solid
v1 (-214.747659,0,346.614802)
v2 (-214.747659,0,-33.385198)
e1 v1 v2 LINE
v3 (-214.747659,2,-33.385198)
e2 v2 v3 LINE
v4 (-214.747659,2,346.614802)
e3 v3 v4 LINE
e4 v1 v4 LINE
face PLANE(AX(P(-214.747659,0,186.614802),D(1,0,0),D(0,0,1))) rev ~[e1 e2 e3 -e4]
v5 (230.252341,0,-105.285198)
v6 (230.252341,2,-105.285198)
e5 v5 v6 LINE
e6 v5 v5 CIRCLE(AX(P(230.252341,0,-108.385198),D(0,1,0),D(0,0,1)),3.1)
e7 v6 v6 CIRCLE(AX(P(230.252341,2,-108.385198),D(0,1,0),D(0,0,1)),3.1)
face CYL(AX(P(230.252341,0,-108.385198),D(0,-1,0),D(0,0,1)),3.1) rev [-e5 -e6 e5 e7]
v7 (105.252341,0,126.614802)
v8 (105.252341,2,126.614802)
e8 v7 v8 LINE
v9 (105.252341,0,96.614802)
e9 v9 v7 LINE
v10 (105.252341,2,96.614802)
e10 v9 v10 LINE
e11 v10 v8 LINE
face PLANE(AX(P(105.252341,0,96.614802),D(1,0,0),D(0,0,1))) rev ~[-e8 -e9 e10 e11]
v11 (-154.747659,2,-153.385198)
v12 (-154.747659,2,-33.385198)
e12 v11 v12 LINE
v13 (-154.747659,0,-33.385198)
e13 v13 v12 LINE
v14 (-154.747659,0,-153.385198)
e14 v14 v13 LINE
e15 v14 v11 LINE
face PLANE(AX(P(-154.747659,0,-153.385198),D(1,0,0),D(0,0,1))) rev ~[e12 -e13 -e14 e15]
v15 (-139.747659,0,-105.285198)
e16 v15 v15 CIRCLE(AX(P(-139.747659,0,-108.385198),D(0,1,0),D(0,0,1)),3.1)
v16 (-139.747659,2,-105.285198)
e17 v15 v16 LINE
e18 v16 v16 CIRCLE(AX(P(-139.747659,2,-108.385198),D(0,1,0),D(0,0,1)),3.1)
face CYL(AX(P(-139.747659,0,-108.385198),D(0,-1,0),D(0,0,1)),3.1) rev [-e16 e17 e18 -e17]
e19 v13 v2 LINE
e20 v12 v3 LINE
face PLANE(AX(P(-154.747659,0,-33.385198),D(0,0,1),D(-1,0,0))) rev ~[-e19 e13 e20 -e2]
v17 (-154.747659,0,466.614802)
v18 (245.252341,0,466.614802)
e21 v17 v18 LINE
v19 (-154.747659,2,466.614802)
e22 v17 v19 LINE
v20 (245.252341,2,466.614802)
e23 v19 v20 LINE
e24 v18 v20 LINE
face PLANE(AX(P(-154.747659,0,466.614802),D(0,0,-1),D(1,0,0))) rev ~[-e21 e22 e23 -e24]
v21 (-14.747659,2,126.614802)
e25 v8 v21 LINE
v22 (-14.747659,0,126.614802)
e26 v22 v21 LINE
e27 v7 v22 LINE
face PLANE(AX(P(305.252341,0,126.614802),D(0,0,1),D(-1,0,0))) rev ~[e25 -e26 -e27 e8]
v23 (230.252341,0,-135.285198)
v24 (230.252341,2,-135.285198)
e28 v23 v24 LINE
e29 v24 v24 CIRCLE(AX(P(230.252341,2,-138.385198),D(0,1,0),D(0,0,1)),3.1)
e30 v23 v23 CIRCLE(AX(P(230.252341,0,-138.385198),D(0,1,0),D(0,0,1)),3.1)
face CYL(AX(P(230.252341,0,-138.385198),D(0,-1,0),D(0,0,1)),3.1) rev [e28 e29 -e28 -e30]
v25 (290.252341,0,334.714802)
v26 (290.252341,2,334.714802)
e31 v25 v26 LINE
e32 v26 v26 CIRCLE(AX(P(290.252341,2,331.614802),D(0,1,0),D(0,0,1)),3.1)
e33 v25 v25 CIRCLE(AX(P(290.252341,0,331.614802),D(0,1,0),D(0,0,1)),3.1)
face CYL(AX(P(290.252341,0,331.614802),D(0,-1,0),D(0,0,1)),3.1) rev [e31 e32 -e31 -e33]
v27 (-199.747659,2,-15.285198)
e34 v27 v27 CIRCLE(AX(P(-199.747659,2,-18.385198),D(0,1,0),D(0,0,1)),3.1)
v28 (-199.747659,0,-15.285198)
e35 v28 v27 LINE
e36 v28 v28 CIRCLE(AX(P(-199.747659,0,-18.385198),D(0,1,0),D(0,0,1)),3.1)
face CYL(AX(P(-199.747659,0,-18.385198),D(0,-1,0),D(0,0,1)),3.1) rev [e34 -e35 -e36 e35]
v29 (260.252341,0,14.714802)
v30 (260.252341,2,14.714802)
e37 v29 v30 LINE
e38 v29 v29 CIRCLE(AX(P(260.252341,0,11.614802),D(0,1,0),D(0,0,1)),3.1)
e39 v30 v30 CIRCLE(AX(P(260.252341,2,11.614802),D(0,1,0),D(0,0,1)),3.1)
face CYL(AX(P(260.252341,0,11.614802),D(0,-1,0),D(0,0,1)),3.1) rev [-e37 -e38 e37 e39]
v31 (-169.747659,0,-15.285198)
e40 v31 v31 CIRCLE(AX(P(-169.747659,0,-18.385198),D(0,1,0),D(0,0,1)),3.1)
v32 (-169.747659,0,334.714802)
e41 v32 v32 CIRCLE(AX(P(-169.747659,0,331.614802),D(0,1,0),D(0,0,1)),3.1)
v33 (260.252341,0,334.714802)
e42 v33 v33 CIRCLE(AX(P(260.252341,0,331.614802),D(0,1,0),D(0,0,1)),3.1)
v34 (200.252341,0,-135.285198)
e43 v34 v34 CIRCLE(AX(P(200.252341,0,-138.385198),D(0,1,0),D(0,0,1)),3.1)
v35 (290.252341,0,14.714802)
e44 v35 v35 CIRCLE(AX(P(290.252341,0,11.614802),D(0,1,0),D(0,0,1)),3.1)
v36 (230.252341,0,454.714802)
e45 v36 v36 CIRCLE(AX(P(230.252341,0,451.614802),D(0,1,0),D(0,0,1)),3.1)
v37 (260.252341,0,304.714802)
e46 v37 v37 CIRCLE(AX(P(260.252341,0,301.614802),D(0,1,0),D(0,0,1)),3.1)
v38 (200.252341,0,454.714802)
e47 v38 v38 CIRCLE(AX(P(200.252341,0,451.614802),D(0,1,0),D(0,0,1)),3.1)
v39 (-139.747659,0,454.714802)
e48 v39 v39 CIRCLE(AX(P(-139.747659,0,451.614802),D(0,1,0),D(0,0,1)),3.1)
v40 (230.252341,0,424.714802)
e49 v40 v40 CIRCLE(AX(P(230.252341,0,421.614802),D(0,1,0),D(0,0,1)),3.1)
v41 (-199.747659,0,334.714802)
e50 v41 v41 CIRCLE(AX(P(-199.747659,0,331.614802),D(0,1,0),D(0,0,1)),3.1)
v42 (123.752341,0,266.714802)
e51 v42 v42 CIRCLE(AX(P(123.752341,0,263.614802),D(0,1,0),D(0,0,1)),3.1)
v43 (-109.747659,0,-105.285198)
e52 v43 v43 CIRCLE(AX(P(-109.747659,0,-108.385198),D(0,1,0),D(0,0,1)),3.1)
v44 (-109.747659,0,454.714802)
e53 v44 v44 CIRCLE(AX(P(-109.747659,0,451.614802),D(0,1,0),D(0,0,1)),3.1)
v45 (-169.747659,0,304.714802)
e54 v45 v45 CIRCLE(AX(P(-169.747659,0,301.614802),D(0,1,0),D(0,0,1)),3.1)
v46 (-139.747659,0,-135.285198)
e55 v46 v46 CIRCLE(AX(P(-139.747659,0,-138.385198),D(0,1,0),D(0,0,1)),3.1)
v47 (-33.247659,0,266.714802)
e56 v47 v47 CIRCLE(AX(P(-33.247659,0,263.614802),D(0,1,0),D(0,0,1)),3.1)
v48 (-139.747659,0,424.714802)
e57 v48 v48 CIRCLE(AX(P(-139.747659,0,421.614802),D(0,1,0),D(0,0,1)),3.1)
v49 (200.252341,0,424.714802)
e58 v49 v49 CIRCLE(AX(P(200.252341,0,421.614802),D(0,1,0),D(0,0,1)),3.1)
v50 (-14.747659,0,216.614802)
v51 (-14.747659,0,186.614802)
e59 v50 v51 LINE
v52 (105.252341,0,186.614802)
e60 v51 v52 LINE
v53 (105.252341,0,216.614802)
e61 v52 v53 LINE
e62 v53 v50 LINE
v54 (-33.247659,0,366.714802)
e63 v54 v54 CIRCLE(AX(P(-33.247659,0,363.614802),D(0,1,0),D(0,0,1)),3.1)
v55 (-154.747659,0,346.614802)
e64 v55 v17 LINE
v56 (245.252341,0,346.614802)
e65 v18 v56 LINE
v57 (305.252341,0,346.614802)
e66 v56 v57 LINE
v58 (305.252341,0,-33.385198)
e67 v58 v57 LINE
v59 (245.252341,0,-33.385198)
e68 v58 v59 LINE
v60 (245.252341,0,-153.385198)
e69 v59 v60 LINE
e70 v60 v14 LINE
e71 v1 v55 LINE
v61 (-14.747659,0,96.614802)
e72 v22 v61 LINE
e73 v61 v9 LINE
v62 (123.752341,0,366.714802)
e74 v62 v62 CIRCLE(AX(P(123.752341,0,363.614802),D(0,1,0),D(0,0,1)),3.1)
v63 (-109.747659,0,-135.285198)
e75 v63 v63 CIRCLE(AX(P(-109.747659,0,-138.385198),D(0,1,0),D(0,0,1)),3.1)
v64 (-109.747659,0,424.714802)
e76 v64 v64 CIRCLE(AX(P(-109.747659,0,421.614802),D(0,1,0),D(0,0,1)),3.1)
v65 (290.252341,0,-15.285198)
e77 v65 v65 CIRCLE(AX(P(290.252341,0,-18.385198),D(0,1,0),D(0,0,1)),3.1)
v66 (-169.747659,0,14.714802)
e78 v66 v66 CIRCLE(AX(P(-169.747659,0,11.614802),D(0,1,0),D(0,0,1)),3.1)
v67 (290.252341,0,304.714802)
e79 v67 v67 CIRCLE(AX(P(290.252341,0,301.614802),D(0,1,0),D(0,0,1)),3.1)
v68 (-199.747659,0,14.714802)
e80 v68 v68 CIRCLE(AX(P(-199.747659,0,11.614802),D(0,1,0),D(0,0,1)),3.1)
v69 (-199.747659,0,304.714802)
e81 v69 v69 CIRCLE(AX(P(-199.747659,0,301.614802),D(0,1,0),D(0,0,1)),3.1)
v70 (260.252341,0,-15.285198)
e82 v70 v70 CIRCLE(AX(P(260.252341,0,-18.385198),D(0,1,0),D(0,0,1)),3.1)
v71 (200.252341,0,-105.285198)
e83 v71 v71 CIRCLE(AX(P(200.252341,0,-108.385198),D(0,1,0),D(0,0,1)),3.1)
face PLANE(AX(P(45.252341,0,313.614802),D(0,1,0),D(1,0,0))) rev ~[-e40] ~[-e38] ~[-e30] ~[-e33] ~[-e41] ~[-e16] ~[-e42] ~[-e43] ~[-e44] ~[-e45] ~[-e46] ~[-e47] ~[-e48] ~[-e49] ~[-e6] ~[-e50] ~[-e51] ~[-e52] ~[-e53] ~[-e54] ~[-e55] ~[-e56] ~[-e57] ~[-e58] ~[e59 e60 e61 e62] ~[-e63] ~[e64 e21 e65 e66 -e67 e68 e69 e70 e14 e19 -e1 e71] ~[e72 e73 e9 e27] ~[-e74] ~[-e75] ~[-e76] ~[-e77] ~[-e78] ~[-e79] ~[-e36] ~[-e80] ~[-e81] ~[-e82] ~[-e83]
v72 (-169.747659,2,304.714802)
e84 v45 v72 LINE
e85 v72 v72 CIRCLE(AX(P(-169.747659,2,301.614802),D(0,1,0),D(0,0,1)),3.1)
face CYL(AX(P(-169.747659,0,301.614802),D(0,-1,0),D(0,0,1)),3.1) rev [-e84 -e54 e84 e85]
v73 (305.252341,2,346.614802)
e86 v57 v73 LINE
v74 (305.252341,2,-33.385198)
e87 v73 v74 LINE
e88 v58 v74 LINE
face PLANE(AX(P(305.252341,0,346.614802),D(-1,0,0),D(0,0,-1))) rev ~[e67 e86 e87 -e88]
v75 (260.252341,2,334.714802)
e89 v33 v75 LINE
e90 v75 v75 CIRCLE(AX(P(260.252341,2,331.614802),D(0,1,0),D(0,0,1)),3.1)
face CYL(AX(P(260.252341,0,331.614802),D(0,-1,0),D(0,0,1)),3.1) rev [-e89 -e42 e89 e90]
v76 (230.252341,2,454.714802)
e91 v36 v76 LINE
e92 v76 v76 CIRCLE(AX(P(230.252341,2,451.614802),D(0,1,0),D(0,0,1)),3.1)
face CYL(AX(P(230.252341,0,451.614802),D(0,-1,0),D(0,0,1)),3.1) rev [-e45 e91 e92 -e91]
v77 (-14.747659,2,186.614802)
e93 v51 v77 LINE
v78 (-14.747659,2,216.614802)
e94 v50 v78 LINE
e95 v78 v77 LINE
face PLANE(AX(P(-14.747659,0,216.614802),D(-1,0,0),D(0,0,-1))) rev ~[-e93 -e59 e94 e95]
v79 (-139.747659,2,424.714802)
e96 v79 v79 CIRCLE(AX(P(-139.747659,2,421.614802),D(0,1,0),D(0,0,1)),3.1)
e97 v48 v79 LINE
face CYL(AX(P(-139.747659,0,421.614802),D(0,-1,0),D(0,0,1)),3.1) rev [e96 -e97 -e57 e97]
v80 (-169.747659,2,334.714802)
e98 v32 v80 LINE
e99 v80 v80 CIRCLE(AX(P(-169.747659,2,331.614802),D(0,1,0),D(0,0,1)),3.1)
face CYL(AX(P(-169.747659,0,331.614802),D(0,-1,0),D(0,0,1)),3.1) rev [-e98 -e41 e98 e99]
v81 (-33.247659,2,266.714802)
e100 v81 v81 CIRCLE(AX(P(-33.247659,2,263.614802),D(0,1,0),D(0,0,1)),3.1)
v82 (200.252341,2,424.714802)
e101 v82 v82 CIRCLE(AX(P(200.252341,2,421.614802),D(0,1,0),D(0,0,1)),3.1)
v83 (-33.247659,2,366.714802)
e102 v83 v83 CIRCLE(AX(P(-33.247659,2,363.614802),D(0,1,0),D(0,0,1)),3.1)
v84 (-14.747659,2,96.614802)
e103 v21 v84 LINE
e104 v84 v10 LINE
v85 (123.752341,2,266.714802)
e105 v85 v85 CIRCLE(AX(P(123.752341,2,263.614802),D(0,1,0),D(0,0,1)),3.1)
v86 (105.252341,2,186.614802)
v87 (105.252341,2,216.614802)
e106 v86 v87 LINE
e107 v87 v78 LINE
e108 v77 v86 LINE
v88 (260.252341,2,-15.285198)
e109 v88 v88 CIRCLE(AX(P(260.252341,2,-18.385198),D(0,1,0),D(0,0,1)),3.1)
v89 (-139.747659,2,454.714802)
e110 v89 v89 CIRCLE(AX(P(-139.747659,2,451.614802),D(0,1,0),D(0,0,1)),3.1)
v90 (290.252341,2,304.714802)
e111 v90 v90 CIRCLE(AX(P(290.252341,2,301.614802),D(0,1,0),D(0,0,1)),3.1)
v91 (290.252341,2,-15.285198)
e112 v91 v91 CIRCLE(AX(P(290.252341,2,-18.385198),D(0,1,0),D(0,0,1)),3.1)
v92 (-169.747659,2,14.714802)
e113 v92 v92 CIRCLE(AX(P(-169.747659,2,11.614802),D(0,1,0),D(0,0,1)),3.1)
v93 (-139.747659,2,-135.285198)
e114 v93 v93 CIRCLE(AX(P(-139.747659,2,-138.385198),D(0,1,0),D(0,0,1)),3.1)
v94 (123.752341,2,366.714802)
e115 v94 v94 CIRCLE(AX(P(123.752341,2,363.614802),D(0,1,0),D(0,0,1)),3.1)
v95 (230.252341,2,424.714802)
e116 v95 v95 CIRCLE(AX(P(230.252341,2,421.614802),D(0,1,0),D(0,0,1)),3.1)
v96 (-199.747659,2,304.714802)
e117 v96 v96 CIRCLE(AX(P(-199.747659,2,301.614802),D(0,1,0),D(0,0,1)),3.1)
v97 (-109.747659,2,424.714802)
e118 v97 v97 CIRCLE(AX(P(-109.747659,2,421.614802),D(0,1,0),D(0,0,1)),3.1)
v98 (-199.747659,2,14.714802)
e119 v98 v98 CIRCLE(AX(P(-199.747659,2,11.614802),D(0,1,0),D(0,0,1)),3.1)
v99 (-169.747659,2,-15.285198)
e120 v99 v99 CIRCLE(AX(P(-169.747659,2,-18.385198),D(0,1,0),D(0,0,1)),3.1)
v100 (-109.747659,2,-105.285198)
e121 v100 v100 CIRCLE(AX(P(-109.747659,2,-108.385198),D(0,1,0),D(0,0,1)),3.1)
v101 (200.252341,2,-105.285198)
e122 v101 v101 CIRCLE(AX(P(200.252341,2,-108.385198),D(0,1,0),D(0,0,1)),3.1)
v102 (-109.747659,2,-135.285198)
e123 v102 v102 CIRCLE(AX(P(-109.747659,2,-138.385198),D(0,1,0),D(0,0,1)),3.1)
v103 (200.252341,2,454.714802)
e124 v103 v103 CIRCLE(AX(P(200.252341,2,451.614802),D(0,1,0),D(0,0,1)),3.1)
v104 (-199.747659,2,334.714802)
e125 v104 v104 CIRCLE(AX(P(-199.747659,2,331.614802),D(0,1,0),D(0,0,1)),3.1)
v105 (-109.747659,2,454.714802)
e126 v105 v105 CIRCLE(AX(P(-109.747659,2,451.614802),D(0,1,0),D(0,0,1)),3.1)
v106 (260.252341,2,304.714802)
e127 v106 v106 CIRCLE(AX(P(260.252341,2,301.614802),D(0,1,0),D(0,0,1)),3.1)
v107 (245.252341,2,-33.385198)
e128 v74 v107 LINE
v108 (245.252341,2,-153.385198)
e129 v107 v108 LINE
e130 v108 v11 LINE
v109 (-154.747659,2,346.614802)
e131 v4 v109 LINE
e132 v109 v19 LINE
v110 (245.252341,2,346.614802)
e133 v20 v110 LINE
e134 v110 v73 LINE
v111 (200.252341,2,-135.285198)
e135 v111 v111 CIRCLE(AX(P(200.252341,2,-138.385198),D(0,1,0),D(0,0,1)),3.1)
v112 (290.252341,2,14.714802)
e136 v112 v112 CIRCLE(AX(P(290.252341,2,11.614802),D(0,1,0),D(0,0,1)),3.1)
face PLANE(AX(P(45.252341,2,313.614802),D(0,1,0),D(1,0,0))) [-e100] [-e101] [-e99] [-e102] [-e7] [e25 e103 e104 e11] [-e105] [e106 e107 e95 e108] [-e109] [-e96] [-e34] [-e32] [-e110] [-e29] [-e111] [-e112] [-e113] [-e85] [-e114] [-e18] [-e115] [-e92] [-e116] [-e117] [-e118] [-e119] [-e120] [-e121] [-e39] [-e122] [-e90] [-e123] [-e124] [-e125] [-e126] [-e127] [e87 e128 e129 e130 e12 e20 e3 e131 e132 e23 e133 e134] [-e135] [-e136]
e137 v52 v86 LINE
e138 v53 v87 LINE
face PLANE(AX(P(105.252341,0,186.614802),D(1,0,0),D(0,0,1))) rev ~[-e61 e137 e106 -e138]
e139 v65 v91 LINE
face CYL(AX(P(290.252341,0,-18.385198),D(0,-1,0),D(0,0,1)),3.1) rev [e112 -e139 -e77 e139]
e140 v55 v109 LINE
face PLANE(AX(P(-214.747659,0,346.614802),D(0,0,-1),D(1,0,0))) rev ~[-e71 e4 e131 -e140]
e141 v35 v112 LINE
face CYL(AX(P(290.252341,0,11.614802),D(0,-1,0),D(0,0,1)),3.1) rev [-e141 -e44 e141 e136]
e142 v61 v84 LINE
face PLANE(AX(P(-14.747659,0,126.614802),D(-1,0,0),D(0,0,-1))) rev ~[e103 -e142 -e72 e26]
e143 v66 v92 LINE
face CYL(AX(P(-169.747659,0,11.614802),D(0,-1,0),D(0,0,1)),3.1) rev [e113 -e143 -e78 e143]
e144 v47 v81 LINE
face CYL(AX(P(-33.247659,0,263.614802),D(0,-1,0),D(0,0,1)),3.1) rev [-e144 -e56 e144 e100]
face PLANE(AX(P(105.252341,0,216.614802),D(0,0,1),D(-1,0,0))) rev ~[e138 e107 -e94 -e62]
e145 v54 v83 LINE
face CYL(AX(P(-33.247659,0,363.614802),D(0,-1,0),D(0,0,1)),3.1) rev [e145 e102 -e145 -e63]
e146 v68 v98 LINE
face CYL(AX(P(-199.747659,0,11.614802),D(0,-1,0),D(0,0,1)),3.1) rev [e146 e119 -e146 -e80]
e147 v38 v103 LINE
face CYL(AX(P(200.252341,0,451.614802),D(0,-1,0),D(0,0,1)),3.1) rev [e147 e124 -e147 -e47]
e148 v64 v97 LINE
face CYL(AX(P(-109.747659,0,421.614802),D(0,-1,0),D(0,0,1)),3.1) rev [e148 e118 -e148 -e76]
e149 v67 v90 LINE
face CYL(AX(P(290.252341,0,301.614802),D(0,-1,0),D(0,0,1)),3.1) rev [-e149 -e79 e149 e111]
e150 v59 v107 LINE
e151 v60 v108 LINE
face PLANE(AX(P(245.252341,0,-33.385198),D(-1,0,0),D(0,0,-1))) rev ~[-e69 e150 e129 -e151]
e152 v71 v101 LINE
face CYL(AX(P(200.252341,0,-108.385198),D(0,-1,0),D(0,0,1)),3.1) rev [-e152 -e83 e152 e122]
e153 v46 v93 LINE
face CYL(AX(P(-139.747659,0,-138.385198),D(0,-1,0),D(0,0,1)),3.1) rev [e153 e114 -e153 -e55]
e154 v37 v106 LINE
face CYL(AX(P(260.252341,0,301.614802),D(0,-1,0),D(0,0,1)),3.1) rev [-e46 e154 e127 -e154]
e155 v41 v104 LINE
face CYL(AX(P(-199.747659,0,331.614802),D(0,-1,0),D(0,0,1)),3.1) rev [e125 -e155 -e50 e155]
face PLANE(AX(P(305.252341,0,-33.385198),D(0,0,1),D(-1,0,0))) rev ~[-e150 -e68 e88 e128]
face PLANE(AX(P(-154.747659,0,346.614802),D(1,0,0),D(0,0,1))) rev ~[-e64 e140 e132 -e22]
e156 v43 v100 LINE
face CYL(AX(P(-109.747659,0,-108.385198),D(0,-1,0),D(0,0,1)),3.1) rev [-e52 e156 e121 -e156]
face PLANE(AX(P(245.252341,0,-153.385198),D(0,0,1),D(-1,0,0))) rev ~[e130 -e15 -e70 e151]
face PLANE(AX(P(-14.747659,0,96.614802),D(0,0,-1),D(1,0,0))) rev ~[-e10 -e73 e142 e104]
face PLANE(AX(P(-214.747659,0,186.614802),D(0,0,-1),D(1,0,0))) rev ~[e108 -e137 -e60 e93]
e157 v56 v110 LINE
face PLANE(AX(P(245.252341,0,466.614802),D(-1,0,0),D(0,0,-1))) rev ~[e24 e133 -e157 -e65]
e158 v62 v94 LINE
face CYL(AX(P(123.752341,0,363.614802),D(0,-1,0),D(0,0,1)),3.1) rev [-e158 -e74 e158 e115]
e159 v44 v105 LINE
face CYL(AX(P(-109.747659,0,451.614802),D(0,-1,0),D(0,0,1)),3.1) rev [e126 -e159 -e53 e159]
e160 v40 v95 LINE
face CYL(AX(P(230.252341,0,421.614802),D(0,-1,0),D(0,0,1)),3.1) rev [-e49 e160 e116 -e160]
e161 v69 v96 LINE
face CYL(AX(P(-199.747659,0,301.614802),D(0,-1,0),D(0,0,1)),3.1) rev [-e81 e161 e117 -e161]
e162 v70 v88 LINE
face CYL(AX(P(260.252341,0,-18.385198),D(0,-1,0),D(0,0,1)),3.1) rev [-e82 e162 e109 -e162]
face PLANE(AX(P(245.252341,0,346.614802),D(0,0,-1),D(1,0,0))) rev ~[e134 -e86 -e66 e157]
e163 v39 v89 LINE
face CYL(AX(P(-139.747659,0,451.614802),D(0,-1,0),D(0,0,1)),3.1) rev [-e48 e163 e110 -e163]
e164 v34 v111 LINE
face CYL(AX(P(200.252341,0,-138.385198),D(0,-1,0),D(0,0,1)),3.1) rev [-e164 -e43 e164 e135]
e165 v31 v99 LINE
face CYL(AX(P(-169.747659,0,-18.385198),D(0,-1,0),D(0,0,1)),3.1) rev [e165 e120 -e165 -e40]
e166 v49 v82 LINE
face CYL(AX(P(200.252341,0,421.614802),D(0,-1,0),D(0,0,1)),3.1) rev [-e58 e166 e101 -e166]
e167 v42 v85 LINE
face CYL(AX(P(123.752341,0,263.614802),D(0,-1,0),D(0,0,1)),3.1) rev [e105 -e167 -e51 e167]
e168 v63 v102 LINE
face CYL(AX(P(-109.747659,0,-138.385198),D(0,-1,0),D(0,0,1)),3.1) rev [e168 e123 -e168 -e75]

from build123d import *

# Parameters (mm, degrees)
SKETCH_1_R      = 3.1
SKETCH_1_W      = 167
SKETCH_1_H      = 146
EXTRUDE_1_DEPTH = 2


with BuildPart() as part:
    # 草图1 → 凸台-拉伸1 (new body)
    # profile 1 of 4: a face of its own
    with BuildSketch(Plane(origin=(0, 0, 0), x_dir=(1, 0, 0), z_dir=(0, 1, 0))):
        Polygon((-154.747658954, 153.385197935), (-154.747658954, 33.385197935), (-214.747658954, 33.385197935), (-214.747658954, -126.614802065), (-14.747658954, -126.614802065), (-14.747658954, -96.614802065), (105.252341046, -96.614802065), (105.252341046, -126.614802065), (305.252341046, -126.614802065), (305.252341046, 33.385197935), (245.252341046, 33.385197935), (245.252341046, 153.385197935), align=None)
        with Locations(Location((-199.747658954, -11.614802065, 0), (0, 0, 270))):
            Circle(SKETCH_1_R, mode=Mode.SUBTRACT)
        with Locations(Location((-169.747658954, -11.614802065, 0), (0, 0, 270))):
            Circle(SKETCH_1_R, mode=Mode.SUBTRACT)
        with Locations(Location((-199.747658954, 18.385197935, 0), (0, 0, 270))):
            Circle(SKETCH_1_R, mode=Mode.SUBTRACT)
        with Locations(Location((-169.747658954, 18.385197935, 0), (0, 0, 270))):
            Circle(SKETCH_1_R, mode=Mode.SUBTRACT)
        with Locations(Location((-139.747658954, 108.385197935, 0), (0, 0, 270))):
            Circle(SKETCH_1_R, mode=Mode.SUBTRACT)
        with Locations(Location((-109.747658954, 108.385197935, 0), (0, 0, 270))):
            Circle(SKETCH_1_R, mode=Mode.SUBTRACT)
        with Locations(Location((-139.747658954, 138.385197935, 0), (0, 0, 270))):
            Circle(SKETCH_1_R, mode=Mode.SUBTRACT)
        with Locations(Location((-109.747658954, 138.385197935, 0), (0, 0, 270))):
            Circle(SKETCH_1_R, mode=Mode.SUBTRACT)
        with Locations(Location((260.252341046, -11.614802065, 0), (0, 0, 270))):
            Circle(SKETCH_1_R, mode=Mode.SUBTRACT)
        with Locations(Location((290.252341046, -11.614802065, 0), (0, 0, 270))):
            Circle(SKETCH_1_R, mode=Mode.SUBTRACT)
        with Locations(Location((260.252341046, 18.385197935, 0), (0, 0, 270))):
            Circle(SKETCH_1_R, mode=Mode.SUBTRACT)
        with Locations(Location((290.252341046, 18.385197935, 0), (0, 0, 270))):
            Circle(SKETCH_1_R, mode=Mode.SUBTRACT)
        with Locations(Location((200.252341046, 108.385197935, 0), (0, 0, 270))):
            Circle(SKETCH_1_R, mode=Mode.SUBTRACT)
        with Locations(Location((230.252341046, 108.385197935, 0), (0, 0, 270))):
            Circle(SKETCH_1_R, mode=Mode.SUBTRACT)
        with Locations(Location((200.252341046, 138.385197935, 0), (0, 0, 270))):
            Circle(SKETCH_1_R, mode=Mode.SUBTRACT)
        with Locations(Location((230.252341046, 138.385197935, 0), (0, 0, 270))):
            Circle(SKETCH_1_R, mode=Mode.SUBTRACT)
    # profile 2 of 4: a face of its own
    with BuildSketch(Plane(origin=(0, 0, 0), x_dir=(1, 0, 0), z_dir=(0, 1, 0))):
        Polygon((-14.747658954, -186.614802065), (-214.747658954, -186.614802065), (-214.747658954, -346.614802065), (-154.747658954, -346.614802065), (-154.747658954, -466.614802065), (245.252341046, -466.614802065), (245.252341046, -346.614802065), (305.252341046, -346.614802065), (305.252341046, -186.614802065), (105.252341046, -186.614802065), (105.252341046, -216.614802065), (-14.747658954, -216.614802065), align=None)
        with Locations(Location((-139.747658954, -451.614802065, 0), (0, 0, 270))):
            Circle(SKETCH_1_R, mode=Mode.SUBTRACT)
        with Locations(Location((-109.747658954, -451.614802065, 0), (0, 0, 270))):
            Circle(SKETCH_1_R, mode=Mode.SUBTRACT)
        with Locations(Location((-139.747658954, -421.614802065, 0), (0, 0, 270))):
            Circle(SKETCH_1_R, mode=Mode.SUBTRACT)
        with Locations(Location((-109.747658954, -421.614802065, 0), (0, 0, 270))):
            Circle(SKETCH_1_R, mode=Mode.SUBTRACT)
        with Locations(Location((-199.747658954, -331.614802065, 0), (0, 0, 270))):
            Circle(SKETCH_1_R, mode=Mode.SUBTRACT)
        with Locations(Location((-169.747658954, -331.614802065, 0), (0, 0, 270))):
            Circle(SKETCH_1_R, mode=Mode.SUBTRACT)
        with Locations(Location((-199.747658954, -301.614802065, 0), (0, 0, 270))):
            Circle(SKETCH_1_R, mode=Mode.SUBTRACT)
        with Locations(Location((-169.747658954, -301.614802065, 0), (0, 0, 270))):
            Circle(SKETCH_1_R, mode=Mode.SUBTRACT)
        with Locations((45.252341046, -313.614802065)):
            Rectangle(SKETCH_1_W, SKETCH_1_H, mode=Mode.SUBTRACT)
        with Locations(Location((200.252341046, -451.614802065, 0), (0, 0, 270))):
            Circle(SKETCH_1_R, mode=Mode.SUBTRACT)
        with Locations(Location((230.252341046, -451.614802065, 0), (0, 0, 270))):
            Circle(SKETCH_1_R, mode=Mode.SUBTRACT)
        with Locations(Location((200.252341046, -421.614802065, 0), (0, 0, 270))):
            Circle(SKETCH_1_R, mode=Mode.SUBTRACT)
        with Locations(Location((230.252341046, -421.614802065, 0), (0, 0, 270))):
            Circle(SKETCH_1_R, mode=Mode.SUBTRACT)
        with Locations(Location((260.252341046, -331.614802065, 0), (0, 0, 270))):
            Circle(SKETCH_1_R, mode=Mode.SUBTRACT)
        with Locations(Location((290.252341046, -331.614802065, 0), (0, 0, 270))):
            Circle(SKETCH_1_R, mode=Mode.SUBTRACT)
        with Locations(Location((260.252341046, -301.614802065, 0), (0, 0, 270))):
            Circle(SKETCH_1_R, mode=Mode.SUBTRACT)
        with Locations(Location((290.252341046, -301.614802065, 0), (0, 0, 270))):
            Circle(SKETCH_1_R, mode=Mode.SUBTRACT)
    # profile 3 of 4: a face of its own
    with BuildSketch(Plane(origin=(0, 0, 0), x_dir=(1, 0, 0), z_dir=(0, 1, 0))):
        Polygon((-14.747658954, -126.614802065), (-214.747658954, -126.614802065), (-214.747658954, -186.614802065), (-14.747658954, -186.614802065), (105.252341046, -186.614802065), (305.252341046, -186.614802065), (305.252341046, -126.614802065), (105.252341046, -126.614802065), align=None)
    # profile 4 of 4: a face of its own
    with BuildSketch(Plane(origin=(0, 0, 0), x_dir=(1, 0, 0), z_dir=(0, 1, 0))):
        with Locations((45.252341046, -313.614802065)):
            Rectangle(SKETCH_1_W, SKETCH_1_H)
        with Locations(Location((123.752341046, -263.614802065, 0), (0, 0, 270))):
            Circle(SKETCH_1_R, mode=Mode.SUBTRACT)
        with Locations(Location((-33.247658954, -363.614802065, 0), (0, 0, 270))):
            Circle(SKETCH_1_R, mode=Mode.SUBTRACT)
        with Locations(Location((-33.247658954, -263.614802065, 0), (0, 0, 270))):
            Circle(SKETCH_1_R, mode=Mode.SUBTRACT)
        with Locations(Location((123.752341046, -363.614802065, 0), (0, 0, 270))):
            Circle(SKETCH_1_R, mode=Mode.SUBTRACT)
    extrude(amount=EXTRUDE_1_DEPTH)


solid = part.part
